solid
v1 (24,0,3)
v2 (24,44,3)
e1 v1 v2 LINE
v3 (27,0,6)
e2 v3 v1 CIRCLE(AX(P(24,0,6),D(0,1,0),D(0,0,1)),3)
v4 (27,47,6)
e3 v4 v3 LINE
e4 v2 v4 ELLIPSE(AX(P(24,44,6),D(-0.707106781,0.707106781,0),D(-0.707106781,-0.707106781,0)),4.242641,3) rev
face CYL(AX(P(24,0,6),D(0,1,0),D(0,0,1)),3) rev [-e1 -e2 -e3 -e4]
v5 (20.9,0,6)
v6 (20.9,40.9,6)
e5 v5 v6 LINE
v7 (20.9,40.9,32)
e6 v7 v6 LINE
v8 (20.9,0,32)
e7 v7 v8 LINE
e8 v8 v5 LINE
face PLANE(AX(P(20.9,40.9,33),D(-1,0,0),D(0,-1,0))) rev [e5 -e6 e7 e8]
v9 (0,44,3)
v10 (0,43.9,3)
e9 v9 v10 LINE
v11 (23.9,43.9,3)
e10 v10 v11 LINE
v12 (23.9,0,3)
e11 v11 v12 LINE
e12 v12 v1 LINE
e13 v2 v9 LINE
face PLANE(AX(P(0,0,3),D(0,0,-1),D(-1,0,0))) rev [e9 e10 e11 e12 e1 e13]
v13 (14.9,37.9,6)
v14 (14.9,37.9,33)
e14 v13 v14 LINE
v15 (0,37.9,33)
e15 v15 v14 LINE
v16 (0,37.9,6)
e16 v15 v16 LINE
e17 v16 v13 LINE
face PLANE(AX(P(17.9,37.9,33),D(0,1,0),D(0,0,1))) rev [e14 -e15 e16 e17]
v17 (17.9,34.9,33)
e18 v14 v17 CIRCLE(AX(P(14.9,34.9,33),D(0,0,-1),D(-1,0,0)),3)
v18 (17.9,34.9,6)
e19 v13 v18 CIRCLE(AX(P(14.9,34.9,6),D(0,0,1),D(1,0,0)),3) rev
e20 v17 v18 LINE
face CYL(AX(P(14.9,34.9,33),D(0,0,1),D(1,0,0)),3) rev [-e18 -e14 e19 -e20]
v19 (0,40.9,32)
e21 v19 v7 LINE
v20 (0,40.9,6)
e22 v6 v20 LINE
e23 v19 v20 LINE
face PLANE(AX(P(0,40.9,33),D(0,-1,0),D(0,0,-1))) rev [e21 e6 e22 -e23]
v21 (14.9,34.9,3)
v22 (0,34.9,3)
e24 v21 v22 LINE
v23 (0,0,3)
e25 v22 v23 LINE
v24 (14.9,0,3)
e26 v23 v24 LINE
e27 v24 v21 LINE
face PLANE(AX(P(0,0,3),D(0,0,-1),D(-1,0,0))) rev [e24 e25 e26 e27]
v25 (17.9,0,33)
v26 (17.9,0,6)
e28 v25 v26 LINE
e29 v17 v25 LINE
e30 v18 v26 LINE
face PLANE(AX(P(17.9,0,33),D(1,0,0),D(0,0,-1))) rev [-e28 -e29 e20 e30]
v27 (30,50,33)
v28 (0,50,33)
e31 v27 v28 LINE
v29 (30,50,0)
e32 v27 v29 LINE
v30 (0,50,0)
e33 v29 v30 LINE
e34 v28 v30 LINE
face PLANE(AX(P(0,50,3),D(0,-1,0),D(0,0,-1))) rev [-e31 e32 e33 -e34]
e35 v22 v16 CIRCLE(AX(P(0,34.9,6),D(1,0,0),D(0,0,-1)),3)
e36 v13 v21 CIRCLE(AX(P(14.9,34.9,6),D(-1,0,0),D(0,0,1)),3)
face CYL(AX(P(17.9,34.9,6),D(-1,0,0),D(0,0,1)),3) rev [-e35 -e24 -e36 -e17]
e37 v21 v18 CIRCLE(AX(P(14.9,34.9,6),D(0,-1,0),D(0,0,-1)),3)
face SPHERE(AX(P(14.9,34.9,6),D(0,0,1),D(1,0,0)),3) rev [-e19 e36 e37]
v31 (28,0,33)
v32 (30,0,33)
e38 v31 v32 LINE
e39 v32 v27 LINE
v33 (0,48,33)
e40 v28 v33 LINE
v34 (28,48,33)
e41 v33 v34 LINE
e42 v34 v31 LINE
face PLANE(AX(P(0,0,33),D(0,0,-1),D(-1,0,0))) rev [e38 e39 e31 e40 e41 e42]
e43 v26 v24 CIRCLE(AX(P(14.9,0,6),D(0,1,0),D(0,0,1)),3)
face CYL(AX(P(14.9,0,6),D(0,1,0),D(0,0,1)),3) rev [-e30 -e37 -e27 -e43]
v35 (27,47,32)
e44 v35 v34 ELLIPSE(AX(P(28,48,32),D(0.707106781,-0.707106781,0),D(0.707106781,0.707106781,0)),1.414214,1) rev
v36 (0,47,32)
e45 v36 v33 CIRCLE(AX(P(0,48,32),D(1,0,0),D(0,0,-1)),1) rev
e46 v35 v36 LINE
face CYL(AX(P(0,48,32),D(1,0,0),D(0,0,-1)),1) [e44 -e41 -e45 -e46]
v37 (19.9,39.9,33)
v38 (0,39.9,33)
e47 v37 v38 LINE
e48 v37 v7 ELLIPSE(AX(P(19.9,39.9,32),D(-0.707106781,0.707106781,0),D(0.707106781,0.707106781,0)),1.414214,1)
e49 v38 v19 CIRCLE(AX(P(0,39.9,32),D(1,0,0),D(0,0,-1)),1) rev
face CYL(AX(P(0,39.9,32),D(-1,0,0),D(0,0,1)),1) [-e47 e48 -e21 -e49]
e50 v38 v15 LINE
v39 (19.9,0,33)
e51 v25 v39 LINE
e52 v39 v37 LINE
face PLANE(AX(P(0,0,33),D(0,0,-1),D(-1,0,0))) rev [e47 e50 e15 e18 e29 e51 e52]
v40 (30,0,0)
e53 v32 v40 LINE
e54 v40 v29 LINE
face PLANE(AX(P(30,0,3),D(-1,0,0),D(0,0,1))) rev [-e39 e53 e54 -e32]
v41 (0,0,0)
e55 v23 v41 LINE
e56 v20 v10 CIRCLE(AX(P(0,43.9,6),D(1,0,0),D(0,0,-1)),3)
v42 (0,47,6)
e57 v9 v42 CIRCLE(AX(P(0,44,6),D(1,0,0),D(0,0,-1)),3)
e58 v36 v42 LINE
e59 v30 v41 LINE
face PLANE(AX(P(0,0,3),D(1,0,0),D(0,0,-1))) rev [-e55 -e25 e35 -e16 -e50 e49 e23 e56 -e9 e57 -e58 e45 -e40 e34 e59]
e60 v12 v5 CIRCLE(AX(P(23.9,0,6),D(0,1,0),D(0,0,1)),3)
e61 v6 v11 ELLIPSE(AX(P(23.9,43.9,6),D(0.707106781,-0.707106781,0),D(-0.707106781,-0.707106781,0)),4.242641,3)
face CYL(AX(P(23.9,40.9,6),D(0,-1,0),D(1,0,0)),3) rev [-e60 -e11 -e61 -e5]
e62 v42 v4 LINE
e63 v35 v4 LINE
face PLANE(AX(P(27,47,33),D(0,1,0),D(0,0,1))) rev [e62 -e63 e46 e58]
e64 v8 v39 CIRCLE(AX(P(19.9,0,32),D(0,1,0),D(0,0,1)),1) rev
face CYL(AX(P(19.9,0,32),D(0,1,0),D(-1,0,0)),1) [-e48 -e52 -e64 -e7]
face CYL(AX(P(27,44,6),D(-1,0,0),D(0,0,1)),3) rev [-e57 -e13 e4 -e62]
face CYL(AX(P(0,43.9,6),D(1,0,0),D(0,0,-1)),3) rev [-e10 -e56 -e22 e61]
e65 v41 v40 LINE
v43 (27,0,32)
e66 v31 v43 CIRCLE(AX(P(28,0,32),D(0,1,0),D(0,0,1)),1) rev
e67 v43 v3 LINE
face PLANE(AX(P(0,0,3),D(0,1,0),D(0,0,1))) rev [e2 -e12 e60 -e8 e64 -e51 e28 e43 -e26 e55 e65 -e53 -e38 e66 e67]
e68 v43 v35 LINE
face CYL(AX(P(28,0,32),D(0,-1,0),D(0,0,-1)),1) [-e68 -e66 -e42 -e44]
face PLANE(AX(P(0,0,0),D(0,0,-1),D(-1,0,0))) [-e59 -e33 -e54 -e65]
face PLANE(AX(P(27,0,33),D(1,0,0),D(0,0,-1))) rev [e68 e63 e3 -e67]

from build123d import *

# Parameters (mm, degrees)
SKETCH1_W           = 30
SKETCH1_H           = 50
BOSS_EXTRUDE1_DEPTH = 3
BOSS_EXTRUDE2_DEPTH = 30
FILLET1_R           = 3
FILLET2_R           = 1


with BuildPart() as part:
    # Sketch1 → Boss-Extrude1 (new body)
    with BuildSketch(Plane.XY):
        with Locations((15, 25)):
            Rectangle(SKETCH1_W, SKETCH1_H)
    extrude(amount=BOSS_EXTRUDE1_DEPTH)

    # Sketch2 → Boss-Extrude2 (add)
    with BuildSketch(Plane.XY.offset(3)):
        Polygon((0, 50), (30, 50), (30, 0), (27, 0), (27, 47), (0, 47), align=None)
        Polygon((0, 40.9), (20.9, 40.9), (20.9, 0), (17.9, 0), (17.9, 37.9), (0, 37.9), align=None)
    extrude(amount=BOSS_EXTRUDE2_DEPTH)

    # Fillet1
    fillet1_edges = [part.edges().sort_by_distance(p)[0] for p in [
        (13.5, 47, 3),
        (27, 23.5, 3),
        (8.95, 37.9, 3),
        (17.9, 18.95, 3),
        (17.9, 37.9, 18),
        (20.9, 20.45, 3),
        (10.45, 40.9, 3),
    ]]
    fillet(fillet1_edges, radius=FILLET1_R)

    # Fillet2
    fillet2_edges = [part.edges().sort_by_distance(p)[0] for p in [
        (13.5, 47, 33),
        (27, 23.5, 33),
        (20.9, 20.45, 33),
        (10.45, 40.9, 33),
    ]]
    fillet(fillet2_edges, radius=FILLET2_R)


solid = part.part
